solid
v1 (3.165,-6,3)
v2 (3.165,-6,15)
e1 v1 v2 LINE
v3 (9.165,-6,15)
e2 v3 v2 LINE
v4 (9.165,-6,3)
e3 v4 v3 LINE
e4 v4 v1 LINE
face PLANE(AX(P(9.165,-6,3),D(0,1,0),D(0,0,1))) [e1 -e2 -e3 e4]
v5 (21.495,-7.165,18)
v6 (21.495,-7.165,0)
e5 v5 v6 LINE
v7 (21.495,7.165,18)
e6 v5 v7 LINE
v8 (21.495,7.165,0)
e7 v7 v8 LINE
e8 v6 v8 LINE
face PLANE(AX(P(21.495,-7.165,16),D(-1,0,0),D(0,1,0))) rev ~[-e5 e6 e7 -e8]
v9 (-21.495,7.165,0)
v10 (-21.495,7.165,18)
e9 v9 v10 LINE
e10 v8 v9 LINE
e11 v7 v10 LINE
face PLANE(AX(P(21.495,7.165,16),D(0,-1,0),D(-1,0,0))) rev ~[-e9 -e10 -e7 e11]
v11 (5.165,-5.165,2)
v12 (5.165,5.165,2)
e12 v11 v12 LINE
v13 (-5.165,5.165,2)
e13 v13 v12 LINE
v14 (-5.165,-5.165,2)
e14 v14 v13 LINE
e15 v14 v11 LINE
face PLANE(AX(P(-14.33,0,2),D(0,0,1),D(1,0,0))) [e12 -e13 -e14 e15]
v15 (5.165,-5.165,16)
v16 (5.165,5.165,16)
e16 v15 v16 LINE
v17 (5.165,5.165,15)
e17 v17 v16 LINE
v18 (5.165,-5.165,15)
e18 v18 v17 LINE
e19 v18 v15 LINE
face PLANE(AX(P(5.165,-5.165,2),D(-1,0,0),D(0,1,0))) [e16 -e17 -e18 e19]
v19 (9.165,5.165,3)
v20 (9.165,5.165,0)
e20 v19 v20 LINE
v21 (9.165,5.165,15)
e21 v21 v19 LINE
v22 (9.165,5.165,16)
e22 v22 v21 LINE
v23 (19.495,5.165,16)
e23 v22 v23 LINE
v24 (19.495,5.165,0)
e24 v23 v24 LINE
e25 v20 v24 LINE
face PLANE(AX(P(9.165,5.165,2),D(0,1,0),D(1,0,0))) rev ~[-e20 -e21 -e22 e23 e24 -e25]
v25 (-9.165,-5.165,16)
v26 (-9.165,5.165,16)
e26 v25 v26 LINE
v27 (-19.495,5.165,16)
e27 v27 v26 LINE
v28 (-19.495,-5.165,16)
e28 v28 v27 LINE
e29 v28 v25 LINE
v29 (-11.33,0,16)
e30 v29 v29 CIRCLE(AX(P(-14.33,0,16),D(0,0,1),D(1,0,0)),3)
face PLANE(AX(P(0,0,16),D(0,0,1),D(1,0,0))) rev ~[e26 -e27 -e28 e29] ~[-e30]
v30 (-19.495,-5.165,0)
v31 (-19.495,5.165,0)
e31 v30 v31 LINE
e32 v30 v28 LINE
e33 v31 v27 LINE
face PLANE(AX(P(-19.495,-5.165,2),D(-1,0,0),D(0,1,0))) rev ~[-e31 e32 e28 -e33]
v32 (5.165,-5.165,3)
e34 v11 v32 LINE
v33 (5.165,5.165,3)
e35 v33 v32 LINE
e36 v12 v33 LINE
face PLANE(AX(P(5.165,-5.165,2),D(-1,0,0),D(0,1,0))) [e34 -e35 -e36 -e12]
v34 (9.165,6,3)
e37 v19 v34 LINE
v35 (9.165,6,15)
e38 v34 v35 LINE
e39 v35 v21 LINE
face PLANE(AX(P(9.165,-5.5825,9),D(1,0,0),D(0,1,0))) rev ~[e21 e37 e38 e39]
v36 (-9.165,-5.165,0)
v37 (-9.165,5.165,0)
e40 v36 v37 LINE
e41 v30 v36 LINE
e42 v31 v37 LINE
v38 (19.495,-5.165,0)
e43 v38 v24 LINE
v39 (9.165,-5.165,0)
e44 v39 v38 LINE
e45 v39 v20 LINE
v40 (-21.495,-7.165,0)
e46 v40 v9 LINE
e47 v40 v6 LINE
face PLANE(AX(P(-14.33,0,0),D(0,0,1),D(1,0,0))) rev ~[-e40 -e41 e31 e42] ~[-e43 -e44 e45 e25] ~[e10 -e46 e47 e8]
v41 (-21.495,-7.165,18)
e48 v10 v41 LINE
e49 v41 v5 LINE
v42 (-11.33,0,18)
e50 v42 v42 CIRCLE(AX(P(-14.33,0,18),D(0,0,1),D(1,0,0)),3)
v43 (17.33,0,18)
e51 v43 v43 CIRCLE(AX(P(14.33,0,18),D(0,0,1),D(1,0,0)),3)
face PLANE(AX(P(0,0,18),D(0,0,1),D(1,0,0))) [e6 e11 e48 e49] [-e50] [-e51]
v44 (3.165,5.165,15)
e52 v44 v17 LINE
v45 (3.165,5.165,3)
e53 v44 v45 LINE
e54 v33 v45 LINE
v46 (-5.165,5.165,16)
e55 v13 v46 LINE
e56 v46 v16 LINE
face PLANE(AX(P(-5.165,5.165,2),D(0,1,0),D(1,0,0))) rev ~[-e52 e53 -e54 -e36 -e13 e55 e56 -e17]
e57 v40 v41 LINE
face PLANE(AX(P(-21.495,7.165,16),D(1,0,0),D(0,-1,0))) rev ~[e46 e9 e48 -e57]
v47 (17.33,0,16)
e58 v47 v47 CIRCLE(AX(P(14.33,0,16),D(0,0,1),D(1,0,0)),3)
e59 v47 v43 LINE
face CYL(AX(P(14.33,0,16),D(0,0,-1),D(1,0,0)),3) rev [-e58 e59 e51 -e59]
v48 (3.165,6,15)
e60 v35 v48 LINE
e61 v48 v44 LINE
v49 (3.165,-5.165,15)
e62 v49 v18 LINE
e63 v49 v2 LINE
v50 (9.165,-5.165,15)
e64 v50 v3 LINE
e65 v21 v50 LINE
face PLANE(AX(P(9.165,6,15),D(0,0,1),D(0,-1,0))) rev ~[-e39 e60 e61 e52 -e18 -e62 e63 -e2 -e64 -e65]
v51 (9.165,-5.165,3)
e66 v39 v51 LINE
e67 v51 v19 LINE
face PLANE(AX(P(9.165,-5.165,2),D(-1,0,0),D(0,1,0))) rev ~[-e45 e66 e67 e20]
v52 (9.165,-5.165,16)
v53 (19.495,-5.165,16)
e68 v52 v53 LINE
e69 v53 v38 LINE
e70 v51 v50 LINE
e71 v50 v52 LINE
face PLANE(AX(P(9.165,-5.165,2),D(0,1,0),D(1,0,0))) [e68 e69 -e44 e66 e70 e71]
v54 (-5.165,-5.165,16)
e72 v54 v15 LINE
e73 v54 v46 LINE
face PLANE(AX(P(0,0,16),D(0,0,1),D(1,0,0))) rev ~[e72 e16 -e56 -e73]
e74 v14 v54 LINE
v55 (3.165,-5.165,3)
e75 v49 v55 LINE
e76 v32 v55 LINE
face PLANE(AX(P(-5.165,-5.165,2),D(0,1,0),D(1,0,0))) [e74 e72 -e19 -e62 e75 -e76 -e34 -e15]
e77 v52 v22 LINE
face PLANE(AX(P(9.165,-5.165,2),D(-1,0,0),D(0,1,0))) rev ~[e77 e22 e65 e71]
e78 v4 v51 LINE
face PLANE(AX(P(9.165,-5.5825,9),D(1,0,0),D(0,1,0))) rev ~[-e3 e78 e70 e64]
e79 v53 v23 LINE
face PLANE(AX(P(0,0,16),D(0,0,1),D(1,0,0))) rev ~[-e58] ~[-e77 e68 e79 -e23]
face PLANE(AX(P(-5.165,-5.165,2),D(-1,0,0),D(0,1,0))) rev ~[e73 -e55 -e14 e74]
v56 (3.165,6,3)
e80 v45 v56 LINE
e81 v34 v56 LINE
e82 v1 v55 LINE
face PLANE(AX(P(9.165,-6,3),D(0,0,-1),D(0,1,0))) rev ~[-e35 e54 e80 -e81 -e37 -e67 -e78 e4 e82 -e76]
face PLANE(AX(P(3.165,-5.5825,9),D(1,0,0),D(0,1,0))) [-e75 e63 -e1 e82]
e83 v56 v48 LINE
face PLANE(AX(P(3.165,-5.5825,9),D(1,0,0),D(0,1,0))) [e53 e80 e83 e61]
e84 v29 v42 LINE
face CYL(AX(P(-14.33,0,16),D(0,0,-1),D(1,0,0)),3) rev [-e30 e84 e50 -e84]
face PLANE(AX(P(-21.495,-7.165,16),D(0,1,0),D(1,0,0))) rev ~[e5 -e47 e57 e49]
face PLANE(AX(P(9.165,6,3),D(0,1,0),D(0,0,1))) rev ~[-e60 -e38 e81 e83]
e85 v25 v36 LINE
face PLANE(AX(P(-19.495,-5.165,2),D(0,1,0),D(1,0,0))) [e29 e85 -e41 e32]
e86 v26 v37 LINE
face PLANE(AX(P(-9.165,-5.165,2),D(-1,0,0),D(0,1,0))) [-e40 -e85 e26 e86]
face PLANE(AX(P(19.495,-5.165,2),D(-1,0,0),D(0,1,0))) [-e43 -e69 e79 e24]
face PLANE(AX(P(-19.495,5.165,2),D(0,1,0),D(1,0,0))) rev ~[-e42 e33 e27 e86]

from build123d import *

# Parameters (mm, degrees)
F0_W     = 14.33
F0_H     = 14.33
F0_W_2   = 10.33
F0_H_2   = 10.33
F0_W_3   = 6.33
F0_H_3   = 6.33
F1_DEPTH = 2
F2_W     = 10.33
F2_H     = 10.33
F3_DEPTH = 14
F4_R     = 3
F5_DEPTH = 2
F6_W     = 0.835
F6_H     = 12
F6_W_2   = 10.33
F7_DEPTH = 6


with BuildPart() as f1:
    # F0 (on Top) → F1 (new body)
    with BuildSketch(Plane.XY):
        with Locations((-14.33, 0)):
            Rectangle(F0_W, F0_H)
        with Locations((-14.33, 0)):
            Rectangle(F0_W_2, F0_H_2, mode=Mode.SUBTRACT)
        Rectangle(F0_W, F0_H)
        Rectangle(F0_W_2, F0_H_2, mode=Mode.SUBTRACT)
        Rectangle(F0_W_2, F0_H_2)
        Rectangle(F0_W_3, F0_H_3, mode=Mode.SUBTRACT)
        Rectangle(F0_W_3, F0_H_3)
        with Locations((14.33, 0)):
            Rectangle(F0_W, F0_H)
        with Locations((14.33, 0)):
            Rectangle(F0_W_2, F0_H_2, mode=Mode.SUBTRACT)
    extrude(amount=F1_DEPTH)

    # F2 (on face) → F3 (join)
    with BuildSketch(Plane.XY.offset(2)):
        Polygon((-7.165, 7.165), (-21.495, 7.165), (-21.495, -7.165), (-7.165, -7.165), (7.165, -7.165), (21.495, -7.165), (21.495, 7.165), (7.165, 7.165), align=None)
        with Locations((-14.33, 0)):
            Rectangle(F2_W, F2_H, mode=Mode.SUBTRACT)
        Rectangle(F2_W, F2_H, mode=Mode.SUBTRACT)
        with Locations((14.33, 0)):
            Rectangle(F2_W, F2_H, mode=Mode.SUBTRACT)
    extrude(amount=F3_DEPTH)

    # F4 (on face) → F5 (join)
    with BuildSketch(Plane.XY.offset(16)):
        Polygon((21.495, 7.165), (7.165, 7.165), (-7.165, 7.165), (-21.495, 7.165), (-21.495, -7.165), (-7.165, -7.165), (7.165, -7.165), (21.495, -7.165), align=None)
        with Locations((-14.33, 0)):
            Circle(F4_R, mode=Mode.SUBTRACT)
        with Locations((14.33, 0)):
            Circle(F4_R, mode=Mode.SUBTRACT)
    extrude(amount=F5_DEPTH)

    # F6 (on face) → F7 (cut)
    with BuildSketch(Plane.YZ.offset(9.165)):
        with Locations((-5.5825, 9)):
            Rectangle(F6_W, F6_H)
        with Locations((0, 9)):
            Rectangle(F6_W_2, F6_H)
        with Locations((5.5825, 9)):
            Rectangle(F6_W, F6_H)
    extrude(amount=-F7_DEPTH, mode=Mode.SUBTRACT)


solid = f1.part
